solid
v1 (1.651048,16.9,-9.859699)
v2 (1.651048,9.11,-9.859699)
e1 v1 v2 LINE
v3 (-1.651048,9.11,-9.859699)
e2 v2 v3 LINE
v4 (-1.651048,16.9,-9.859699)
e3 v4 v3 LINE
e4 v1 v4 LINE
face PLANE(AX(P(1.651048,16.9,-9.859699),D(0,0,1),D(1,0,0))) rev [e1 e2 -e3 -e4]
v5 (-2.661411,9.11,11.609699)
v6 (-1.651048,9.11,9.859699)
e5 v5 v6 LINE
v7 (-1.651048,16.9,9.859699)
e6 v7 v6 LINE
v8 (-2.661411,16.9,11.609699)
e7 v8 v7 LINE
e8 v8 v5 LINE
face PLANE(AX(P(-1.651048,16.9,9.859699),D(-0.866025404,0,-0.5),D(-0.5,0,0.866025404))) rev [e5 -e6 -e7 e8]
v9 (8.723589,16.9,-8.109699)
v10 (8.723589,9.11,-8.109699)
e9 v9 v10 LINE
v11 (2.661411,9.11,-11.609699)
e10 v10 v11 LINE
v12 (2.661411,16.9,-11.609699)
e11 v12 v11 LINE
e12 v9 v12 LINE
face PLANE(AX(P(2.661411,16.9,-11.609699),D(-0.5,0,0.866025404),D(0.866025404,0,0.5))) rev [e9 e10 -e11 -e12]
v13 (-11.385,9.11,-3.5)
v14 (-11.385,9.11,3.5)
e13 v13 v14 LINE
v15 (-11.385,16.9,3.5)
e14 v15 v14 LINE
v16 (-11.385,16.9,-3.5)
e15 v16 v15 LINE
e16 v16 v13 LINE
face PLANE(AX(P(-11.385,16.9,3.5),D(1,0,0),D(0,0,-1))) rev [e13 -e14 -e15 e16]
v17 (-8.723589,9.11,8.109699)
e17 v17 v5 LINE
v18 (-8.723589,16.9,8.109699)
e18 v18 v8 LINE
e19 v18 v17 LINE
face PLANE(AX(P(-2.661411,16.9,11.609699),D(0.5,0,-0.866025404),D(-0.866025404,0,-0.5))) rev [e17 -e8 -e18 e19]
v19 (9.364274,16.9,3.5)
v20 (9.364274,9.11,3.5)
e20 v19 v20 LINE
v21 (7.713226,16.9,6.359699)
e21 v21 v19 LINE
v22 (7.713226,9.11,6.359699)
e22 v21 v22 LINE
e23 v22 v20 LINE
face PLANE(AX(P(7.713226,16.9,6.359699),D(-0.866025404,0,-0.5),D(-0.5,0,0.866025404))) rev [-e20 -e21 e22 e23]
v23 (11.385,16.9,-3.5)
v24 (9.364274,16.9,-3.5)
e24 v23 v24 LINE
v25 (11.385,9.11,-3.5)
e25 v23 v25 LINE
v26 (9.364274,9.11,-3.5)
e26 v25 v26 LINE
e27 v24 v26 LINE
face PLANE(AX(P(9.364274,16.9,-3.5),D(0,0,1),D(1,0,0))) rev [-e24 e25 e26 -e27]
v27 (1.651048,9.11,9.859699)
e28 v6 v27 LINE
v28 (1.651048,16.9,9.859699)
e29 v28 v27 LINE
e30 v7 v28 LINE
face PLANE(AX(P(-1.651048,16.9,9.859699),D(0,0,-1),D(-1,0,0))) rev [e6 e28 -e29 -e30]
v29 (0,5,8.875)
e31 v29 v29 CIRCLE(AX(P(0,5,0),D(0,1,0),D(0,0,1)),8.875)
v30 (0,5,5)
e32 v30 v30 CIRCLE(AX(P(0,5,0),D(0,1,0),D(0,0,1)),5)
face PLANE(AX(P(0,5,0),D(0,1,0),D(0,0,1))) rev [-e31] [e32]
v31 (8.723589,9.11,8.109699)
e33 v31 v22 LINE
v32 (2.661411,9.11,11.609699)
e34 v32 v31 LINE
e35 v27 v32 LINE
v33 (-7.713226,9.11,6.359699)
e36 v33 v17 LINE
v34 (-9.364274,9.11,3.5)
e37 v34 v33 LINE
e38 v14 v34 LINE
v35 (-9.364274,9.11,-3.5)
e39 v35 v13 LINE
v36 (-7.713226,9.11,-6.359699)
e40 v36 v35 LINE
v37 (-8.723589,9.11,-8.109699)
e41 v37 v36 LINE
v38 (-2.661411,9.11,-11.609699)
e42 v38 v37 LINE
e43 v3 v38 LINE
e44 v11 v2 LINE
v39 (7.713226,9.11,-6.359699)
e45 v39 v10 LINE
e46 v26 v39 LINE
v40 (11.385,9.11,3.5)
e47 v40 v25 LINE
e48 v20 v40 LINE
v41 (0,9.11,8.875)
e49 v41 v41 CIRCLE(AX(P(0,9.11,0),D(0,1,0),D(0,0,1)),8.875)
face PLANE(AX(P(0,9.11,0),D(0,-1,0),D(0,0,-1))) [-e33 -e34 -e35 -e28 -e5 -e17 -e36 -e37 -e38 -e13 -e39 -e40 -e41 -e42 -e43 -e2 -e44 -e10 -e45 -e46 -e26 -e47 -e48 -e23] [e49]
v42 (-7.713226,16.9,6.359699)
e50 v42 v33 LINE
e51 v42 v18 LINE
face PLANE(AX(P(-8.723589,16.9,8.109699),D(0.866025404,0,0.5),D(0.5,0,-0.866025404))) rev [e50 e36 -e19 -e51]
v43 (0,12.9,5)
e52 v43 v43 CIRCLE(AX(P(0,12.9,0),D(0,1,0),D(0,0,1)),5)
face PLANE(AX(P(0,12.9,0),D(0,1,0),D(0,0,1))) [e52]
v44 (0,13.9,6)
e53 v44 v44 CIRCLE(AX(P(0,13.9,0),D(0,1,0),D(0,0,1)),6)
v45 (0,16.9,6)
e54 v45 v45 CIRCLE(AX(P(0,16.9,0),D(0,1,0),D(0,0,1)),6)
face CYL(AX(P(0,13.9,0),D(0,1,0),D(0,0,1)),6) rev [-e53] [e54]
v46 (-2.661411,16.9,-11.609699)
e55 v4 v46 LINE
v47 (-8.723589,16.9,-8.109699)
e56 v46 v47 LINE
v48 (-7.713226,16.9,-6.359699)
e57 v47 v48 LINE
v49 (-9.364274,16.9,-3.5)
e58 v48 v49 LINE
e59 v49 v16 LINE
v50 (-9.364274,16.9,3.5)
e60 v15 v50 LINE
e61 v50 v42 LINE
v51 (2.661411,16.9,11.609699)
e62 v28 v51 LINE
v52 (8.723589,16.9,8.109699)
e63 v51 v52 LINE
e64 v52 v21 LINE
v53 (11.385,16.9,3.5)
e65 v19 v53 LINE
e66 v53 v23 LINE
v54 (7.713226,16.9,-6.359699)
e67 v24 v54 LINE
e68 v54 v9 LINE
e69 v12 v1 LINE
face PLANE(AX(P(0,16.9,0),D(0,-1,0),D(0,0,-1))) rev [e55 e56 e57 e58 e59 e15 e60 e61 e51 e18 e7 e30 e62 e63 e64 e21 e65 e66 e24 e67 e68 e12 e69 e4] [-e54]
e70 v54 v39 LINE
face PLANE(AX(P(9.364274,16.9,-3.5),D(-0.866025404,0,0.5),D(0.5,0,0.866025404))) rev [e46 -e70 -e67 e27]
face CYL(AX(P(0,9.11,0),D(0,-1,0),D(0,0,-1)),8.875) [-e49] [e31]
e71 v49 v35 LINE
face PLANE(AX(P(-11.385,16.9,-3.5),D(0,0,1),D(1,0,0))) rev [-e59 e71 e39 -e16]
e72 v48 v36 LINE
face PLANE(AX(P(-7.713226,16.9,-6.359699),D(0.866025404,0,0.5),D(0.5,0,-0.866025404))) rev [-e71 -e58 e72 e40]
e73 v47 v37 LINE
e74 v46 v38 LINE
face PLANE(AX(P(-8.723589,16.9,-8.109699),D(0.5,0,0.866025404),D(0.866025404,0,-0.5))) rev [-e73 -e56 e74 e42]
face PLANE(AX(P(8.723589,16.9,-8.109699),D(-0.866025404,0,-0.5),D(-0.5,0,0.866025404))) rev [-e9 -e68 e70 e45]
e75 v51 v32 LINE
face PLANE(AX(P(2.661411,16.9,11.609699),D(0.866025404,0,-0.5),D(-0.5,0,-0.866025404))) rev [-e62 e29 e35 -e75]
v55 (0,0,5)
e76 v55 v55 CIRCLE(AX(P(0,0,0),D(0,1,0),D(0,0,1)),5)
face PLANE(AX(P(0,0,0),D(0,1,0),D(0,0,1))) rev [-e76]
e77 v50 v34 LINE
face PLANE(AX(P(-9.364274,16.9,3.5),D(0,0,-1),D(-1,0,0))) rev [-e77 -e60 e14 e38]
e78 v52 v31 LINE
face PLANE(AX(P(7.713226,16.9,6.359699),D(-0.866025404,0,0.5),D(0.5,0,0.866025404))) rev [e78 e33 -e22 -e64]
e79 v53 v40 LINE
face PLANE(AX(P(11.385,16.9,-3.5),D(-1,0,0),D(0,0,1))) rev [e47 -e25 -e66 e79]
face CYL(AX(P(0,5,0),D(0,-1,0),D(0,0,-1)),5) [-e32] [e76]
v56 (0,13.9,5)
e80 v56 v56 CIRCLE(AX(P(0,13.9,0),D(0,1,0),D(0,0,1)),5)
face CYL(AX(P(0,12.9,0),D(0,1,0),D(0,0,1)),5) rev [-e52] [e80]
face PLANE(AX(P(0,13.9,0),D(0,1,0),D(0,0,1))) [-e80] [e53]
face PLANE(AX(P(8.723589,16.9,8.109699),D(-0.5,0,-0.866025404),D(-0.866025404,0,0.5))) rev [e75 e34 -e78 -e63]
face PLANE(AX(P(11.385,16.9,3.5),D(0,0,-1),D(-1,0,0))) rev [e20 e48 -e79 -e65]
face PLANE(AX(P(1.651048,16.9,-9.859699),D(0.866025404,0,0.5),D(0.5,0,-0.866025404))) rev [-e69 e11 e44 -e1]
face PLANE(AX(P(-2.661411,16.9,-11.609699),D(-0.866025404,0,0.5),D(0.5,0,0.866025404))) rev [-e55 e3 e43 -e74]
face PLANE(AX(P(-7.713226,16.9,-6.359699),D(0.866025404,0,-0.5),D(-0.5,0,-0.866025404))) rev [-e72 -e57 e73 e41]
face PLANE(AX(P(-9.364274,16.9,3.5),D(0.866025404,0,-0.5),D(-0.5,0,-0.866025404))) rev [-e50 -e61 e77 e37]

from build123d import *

# Parameters (mm, degrees)
SKETCH1_R           = 5
BOSS_EXTRUDE1_DEPTH = 5
SKETCH2_R           = 8.875
BOSS_EXTRUDE2_DEPTH = 4.11
BOSS_EXTRUDE3_DEPTH = 7.79
SKETCH4_R           = 6
CUT_EXTRUDE1_DEPTH  = 3
CUT_EXTRUDE2_START  = -1
SKETCH5_R           = 5
CUT_EXTRUDE2_DEPTH  = 1


with BuildPart() as part:
    # Sketch1 → Boss-Extrude1 (new body)
    with BuildSketch(Plane(origin=(0, 0, 0), x_dir=(1, 0, 0), z_dir=(0, 1, 0))):
        with Locations(Location((0, 0, 0), (0, 0, 270))):
            Circle(SKETCH1_R)
    extrude(amount=BOSS_EXTRUDE1_DEPTH)

    # Sketch2 → Boss-Extrude2 (add)
    with BuildSketch(Plane(origin=(0, 5, 0), x_dir=(1, 0, 0), z_dir=(0, 1, 0))):
        with Locations(Location((0, 0, 0), (0, 0, 270))):
            Circle(SKETCH2_R)
    extrude(amount=BOSS_EXTRUDE2_DEPTH)

    # Sketch3 → Boss-Extrude3 (add)
    with BuildSketch(Plane(origin=(0, 9.11, 0), x_dir=(1, 0, 0), z_dir=(0, 1, 0))):
        Polygon((9.364274058, 3.5), (11.385, 3.5), (11.385, -3.5), (9.364274058, -3.5), (7.713225942, -6.359699222), (8.723588913, -8.109699222), (2.661411087, -11.609699222), (1.651048116, -9.859699222), (-1.651048116, -9.859699222), (-2.661411087, -11.609699222), (-8.723588913, -8.109699222), (-7.713225942, -6.359699222), (-9.364274058, -3.5), (-11.385, -3.5), (-11.385, 3.5), (-9.364274058, 3.5), (-7.713225942, 6.359699222), (-8.723588913, 8.109699222), (-2.661411087, 11.609699222), (-1.651048116, 9.859699222), (1.651048116, 9.859699222), (2.661411087, 11.609699222), (8.723588913, 8.109699222), (7.713225942, 6.359699222), align=None)
    extrude(amount=BOSS_EXTRUDE3_DEPTH)

    # Sketch4 → Cut-Extrude1 (cut)
    with BuildSketch(Plane(origin=(0, 16.9, 0), x_dir=(1, 0, 0), z_dir=(0, 1, 0))):
        with Locations(Location((0, 0, 0), (0, 0, 270))):
            Circle(SKETCH4_R)
    extrude(amount=-CUT_EXTRUDE1_DEPTH, mode=Mode.SUBTRACT)

    # Sketch5 → Cut-Extrude2 (cut)
    with BuildSketch(Plane(origin=(0, 13.9, 0), x_dir=(1, 0, 0), z_dir=(0, 1, 0)).offset(CUT_EXTRUDE2_START)):
        with Locations(Location((0, 0, 0), (0, 0, 270))):
            Circle(SKETCH5_R)
    extrude(amount=CUT_EXTRUDE2_DEPTH, mode=Mode.SUBTRACT)


solid = part.part
